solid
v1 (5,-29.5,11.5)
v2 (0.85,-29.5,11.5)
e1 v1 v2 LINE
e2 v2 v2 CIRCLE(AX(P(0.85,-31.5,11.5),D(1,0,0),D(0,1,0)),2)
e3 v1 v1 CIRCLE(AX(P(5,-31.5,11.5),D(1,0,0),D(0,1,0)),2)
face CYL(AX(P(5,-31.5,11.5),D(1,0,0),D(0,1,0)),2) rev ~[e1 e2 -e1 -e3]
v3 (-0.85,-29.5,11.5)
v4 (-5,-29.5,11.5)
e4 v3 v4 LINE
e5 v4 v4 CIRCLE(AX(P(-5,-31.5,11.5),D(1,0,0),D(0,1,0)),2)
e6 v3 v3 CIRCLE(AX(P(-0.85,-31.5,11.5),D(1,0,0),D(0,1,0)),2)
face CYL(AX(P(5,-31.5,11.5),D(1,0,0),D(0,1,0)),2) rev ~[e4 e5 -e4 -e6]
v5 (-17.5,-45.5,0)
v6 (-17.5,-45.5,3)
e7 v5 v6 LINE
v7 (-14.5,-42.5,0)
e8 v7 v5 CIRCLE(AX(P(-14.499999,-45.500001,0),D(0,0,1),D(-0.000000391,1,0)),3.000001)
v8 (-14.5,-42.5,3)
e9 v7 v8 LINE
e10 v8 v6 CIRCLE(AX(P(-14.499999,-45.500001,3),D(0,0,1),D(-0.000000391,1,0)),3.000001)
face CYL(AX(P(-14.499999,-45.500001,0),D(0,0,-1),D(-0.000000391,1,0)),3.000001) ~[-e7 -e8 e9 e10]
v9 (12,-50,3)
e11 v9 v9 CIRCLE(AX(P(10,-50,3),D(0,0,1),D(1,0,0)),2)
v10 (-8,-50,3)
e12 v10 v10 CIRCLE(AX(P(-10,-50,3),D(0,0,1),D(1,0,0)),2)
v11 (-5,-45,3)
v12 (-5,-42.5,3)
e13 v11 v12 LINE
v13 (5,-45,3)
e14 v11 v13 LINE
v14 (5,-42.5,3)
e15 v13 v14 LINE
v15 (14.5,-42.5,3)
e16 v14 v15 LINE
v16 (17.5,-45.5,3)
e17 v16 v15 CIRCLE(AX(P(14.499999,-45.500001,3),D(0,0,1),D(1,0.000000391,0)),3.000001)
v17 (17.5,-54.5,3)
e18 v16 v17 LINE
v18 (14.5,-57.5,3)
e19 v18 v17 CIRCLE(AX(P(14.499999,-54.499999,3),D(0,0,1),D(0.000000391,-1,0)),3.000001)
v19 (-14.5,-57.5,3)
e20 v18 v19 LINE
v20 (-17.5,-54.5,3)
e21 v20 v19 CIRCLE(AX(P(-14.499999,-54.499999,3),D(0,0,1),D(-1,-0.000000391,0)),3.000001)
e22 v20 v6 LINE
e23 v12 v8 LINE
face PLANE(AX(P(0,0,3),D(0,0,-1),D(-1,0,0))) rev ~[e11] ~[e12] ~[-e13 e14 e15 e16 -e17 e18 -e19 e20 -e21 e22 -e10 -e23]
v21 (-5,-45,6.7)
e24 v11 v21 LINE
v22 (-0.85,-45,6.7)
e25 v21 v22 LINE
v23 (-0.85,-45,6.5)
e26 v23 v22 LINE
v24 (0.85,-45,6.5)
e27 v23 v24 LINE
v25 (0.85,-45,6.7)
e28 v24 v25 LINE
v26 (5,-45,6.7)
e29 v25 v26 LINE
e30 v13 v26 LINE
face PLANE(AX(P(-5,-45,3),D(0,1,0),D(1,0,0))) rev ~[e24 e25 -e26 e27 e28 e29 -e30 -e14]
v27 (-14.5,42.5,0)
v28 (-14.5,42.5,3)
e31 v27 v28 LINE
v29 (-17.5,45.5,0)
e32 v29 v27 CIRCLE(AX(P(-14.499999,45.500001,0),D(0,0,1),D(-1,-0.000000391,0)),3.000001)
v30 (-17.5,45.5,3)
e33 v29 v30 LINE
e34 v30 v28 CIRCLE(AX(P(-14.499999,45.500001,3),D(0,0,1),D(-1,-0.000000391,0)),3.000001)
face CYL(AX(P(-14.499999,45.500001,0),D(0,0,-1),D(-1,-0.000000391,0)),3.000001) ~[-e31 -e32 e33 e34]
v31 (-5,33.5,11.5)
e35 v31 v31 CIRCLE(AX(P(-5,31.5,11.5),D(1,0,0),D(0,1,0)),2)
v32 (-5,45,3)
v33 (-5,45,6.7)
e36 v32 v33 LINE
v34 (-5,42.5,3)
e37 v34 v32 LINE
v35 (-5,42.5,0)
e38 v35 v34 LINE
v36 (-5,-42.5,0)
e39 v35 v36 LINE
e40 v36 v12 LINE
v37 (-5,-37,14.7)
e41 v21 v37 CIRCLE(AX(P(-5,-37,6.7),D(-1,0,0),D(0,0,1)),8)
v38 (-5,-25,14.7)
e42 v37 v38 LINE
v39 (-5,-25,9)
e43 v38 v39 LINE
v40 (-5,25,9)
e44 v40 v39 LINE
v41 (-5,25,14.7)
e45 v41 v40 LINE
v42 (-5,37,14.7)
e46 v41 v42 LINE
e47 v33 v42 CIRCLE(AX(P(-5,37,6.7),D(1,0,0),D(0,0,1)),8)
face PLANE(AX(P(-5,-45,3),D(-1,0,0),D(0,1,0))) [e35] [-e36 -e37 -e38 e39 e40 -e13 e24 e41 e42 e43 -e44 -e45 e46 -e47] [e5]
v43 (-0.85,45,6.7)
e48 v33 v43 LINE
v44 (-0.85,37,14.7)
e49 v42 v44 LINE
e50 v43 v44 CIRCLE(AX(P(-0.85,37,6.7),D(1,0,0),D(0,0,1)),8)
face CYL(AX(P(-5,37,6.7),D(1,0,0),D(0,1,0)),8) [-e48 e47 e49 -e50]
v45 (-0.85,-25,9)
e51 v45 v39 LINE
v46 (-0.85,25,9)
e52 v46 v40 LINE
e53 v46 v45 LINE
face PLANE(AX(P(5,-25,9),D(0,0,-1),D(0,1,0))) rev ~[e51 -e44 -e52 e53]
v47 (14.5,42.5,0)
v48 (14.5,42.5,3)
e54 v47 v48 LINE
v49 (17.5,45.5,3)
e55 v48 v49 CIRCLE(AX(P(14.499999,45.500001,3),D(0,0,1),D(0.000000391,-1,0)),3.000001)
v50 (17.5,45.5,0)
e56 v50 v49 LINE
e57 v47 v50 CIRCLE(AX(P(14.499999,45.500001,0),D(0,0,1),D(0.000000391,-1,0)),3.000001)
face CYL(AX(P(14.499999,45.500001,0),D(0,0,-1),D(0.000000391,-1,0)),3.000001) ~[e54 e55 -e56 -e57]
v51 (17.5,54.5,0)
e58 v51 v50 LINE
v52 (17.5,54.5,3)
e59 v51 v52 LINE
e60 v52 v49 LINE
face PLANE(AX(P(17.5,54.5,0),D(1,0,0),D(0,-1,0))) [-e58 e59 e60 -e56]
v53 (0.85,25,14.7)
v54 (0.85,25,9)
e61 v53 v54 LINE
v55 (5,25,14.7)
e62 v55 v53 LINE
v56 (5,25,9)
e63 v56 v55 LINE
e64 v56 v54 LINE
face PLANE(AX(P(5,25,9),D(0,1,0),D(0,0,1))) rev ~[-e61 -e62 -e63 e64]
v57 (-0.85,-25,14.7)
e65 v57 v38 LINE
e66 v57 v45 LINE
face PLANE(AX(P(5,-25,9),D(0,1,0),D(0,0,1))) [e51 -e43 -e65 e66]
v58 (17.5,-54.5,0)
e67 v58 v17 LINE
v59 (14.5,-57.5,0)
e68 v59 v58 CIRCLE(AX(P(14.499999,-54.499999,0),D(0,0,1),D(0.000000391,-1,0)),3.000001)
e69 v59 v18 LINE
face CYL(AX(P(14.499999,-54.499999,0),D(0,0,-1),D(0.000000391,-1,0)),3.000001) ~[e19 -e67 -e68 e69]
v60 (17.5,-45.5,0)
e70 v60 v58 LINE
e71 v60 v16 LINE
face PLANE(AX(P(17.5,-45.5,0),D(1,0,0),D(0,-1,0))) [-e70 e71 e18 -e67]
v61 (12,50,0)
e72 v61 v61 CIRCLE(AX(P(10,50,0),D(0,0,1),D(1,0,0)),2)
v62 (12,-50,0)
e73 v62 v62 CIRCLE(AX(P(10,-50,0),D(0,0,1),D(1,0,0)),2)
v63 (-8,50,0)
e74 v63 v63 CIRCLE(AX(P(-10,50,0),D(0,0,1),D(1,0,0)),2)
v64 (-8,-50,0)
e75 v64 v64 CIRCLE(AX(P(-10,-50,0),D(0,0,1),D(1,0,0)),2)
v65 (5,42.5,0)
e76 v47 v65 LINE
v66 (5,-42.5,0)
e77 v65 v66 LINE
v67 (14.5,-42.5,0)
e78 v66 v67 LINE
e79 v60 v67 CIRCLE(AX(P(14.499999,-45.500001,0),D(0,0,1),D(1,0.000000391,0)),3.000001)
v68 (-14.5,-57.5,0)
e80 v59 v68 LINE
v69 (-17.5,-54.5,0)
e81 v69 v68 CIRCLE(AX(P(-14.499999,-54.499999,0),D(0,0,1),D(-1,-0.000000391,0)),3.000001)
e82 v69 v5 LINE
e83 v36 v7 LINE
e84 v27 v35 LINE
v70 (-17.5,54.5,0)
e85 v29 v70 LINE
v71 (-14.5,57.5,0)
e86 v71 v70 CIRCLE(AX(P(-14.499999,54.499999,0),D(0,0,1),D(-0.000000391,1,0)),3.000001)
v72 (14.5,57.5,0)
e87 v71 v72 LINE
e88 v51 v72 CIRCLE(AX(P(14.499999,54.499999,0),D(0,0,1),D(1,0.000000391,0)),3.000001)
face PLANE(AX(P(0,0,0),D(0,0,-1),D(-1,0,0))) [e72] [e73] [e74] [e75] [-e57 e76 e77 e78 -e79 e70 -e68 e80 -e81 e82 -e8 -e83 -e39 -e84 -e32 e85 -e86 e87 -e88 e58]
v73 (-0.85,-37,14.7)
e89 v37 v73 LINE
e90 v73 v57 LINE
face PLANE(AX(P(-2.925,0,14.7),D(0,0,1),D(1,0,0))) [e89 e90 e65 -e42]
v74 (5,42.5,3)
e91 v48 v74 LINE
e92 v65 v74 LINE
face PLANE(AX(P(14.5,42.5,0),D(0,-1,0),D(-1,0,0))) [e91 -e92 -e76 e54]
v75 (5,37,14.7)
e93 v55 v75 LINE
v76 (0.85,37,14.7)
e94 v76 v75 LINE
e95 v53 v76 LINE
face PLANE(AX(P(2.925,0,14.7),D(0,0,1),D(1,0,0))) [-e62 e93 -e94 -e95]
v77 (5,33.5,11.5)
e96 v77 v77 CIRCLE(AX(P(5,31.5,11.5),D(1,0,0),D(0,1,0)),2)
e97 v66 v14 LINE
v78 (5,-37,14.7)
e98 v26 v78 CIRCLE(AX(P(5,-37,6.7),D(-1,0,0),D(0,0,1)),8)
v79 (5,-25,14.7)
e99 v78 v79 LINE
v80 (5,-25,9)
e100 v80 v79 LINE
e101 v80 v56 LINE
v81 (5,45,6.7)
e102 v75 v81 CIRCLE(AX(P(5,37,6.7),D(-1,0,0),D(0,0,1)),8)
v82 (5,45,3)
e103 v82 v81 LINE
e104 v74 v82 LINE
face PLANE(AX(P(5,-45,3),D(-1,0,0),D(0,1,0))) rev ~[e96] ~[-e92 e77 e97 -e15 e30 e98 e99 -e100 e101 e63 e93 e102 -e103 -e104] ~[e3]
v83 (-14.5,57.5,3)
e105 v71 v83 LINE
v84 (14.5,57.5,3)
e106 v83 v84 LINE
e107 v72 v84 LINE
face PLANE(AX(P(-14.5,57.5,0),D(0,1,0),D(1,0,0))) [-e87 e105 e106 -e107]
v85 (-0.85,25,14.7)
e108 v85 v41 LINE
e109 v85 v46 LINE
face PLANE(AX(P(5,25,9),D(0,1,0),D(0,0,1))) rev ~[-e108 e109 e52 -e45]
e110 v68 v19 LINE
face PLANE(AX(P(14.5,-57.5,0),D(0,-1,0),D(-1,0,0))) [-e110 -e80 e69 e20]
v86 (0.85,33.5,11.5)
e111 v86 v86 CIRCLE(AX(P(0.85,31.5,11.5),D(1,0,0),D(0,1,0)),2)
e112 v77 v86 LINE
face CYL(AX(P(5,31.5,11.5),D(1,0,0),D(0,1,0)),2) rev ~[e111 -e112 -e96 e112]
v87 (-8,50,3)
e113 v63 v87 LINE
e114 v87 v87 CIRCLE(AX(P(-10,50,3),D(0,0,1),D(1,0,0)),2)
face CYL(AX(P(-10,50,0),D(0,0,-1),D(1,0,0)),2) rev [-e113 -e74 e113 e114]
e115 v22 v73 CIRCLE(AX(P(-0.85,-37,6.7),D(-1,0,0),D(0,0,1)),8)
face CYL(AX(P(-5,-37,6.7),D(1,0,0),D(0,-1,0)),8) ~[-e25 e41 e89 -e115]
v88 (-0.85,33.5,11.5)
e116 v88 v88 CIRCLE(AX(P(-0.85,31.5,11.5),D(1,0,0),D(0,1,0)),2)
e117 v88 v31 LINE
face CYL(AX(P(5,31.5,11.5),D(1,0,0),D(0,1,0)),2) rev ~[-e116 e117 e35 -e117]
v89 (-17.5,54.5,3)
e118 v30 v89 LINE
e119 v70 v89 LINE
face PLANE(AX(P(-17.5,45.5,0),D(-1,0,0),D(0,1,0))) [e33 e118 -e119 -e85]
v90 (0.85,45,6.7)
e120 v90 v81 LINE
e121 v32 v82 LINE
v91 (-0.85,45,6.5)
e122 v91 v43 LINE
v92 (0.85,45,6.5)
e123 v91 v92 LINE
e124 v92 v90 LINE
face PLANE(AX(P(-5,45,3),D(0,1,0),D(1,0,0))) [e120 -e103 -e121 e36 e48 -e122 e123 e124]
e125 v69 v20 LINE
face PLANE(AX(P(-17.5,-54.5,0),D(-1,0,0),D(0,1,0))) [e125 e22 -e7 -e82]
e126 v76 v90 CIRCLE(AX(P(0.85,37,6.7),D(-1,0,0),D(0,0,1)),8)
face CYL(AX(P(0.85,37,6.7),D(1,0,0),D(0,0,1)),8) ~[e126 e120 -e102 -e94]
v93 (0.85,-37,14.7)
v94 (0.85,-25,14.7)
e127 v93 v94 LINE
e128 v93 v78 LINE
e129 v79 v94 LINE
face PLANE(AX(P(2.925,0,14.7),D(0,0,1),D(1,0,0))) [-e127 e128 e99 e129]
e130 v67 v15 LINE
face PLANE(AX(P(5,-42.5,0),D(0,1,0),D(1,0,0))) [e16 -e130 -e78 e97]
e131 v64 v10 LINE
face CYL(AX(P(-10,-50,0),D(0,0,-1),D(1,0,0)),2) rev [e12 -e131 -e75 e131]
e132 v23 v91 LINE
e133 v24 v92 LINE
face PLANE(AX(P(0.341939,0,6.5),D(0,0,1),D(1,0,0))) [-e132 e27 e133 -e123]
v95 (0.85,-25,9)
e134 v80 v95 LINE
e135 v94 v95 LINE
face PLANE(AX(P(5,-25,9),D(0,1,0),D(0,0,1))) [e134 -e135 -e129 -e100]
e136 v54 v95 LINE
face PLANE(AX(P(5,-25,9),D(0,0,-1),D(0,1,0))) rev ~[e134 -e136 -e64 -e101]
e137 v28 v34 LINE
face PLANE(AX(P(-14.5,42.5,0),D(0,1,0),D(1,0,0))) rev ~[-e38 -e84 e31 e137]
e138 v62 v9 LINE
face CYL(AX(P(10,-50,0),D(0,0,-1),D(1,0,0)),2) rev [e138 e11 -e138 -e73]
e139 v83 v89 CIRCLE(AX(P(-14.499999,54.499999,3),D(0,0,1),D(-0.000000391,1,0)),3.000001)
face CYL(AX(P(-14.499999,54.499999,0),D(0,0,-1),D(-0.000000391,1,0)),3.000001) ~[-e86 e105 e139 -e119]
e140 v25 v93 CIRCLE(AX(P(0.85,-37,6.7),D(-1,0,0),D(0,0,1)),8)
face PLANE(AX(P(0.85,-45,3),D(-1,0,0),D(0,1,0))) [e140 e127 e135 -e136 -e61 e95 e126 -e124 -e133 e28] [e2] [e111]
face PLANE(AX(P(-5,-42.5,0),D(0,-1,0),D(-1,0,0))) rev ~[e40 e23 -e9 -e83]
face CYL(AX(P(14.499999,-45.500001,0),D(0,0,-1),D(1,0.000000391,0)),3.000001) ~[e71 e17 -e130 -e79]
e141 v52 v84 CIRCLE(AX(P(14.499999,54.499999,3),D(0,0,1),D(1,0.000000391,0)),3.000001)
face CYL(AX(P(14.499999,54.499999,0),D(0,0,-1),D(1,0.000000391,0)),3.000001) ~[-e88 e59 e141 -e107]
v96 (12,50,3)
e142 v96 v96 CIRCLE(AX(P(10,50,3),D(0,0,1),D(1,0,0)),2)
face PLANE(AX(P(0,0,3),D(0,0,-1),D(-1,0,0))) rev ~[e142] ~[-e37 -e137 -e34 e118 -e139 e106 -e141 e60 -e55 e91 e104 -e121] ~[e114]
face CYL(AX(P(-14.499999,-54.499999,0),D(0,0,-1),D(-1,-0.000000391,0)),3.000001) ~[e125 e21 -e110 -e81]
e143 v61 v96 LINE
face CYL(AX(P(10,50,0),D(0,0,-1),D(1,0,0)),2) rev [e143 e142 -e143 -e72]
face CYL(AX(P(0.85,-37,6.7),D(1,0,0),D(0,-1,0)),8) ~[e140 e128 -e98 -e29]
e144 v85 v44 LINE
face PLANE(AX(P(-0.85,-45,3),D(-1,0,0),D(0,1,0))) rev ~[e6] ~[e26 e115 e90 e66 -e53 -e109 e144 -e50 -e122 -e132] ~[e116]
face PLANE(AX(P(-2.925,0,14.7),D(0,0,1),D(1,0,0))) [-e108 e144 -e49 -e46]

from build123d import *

# Parameters (mm, degrees)
SKETCH_R     = 2
PAD_DEPTH    = 3
SKETCH001_W  = 4.15
SKETCH001_H  = 90
PAD001_DEPTH = 11.7
SKETCH002_R  = 2
SKETCH002_W  = 50
SKETCH002_H  = 6
POCKET_DEPTH = 15
SKETCH003_W  = 4.09
SKETCH003_H  = 90
PAD002_DEPTH = 3.5
FILLET_R     = 8


with BuildPart() as part:
    # Sketch → Pad (new body)
    with BuildSketch(Plane.XY):
        with BuildLine():
            Line((-14.5, 57.5), (14.5, 57.5))
            ThreePointArc((17.5, 54.5), (16.62132, 56.62132), (14.5, 57.5))
            Line((17.5, 54.5), (17.5, 45.5))
            ThreePointArc((14.5, 42.5), (16.62132, 43.37868), (17.5, 45.5))
            Line((14.5, 42.5), (5, 42.5))
            Line((5, 42.5), (5, -42.5))
            Line((5, -42.5), (14.5, -42.5))
            ThreePointArc((17.5, -45.5), (16.62132, -43.37868), (14.5, -42.5))
            Line((17.5, -45.5), (17.5, -54.5))
            ThreePointArc((14.5, -57.5), (16.62132, -56.62132), (17.5, -54.5))
            Line((14.5, -57.5), (-14.5, -57.5))
            ThreePointArc((-17.5, -54.5), (-16.62132, -56.62132), (-14.5, -57.5))
            Line((-17.5, -54.5), (-17.5, -45.5))
            ThreePointArc((-14.5, -42.5), (-16.62132, -43.37868), (-17.5, -45.5))
            Line((-5, -42.5), (-14.5, -42.5))
            Line((-5, 42.5), (-5, -42.5))
            Line((-14.5, 42.5), (-5, 42.5))
            ThreePointArc((-17.5, 45.5), (-16.62132, 43.37868), (-14.5, 42.5))
            Line((-17.5, 45.5), (-17.5, 54.5))
            ThreePointArc((-14.5, 57.5), (-16.62132, 56.62132), (-17.5, 54.5))
        make_face()
        with Locations((-10, 50)):
            Circle(SKETCH_R, mode=Mode.SUBTRACT)
        with Locations((10, 50)):
            Circle(SKETCH_R, mode=Mode.SUBTRACT)
        with Locations((-10, -50)):
            Circle(SKETCH_R, mode=Mode.SUBTRACT)
        with Locations((10, -50)):
            Circle(SKETCH_R, mode=Mode.SUBTRACT)
    extrude(amount=PAD_DEPTH)

    # Sketch001 → Pad001 (join)
    with BuildSketch(Plane.XY.offset(3)):
        with Locations((-2.925, 0)):
            Rectangle(SKETCH001_W, SKETCH001_H)
        with Locations((2.925, 0)):
            Rectangle(SKETCH001_W, SKETCH001_H)
    extrude(amount=PAD001_DEPTH)

    # Sketch002 → Pocket (cut)
    with BuildSketch(Plane.YZ.offset(5)):
        with Locations((-31.5, 11.5)):
            Circle(SKETCH002_R)
        with Locations((31.5, 11.5)):
            Circle(SKETCH002_R)
        with Locations((0, 12)):
            Rectangle(SKETCH002_W, SKETCH002_H)
    extrude(amount=-POCKET_DEPTH, mode=Mode.SUBTRACT)

    # Sketch003 → Pad002 (join)
    with BuildSketch(Plane.XY.offset(3)):
        with Locations((0.341939, 0)):
            Rectangle(SKETCH003_W, SKETCH003_H)
    extrude(amount=PAD002_DEPTH)

    # Fillet
    fillet_edges = [part.edges().sort_by_distance(p)[0] for p in [
        (-2.925, -45, 14.7),
        (2.925, -45, 14.7),
        (2.925, 45, 14.7),
        (-2.925, 45, 14.7),
    ]]
    fillet(fillet_edges, radius=FILLET_R)


solid = part.part
